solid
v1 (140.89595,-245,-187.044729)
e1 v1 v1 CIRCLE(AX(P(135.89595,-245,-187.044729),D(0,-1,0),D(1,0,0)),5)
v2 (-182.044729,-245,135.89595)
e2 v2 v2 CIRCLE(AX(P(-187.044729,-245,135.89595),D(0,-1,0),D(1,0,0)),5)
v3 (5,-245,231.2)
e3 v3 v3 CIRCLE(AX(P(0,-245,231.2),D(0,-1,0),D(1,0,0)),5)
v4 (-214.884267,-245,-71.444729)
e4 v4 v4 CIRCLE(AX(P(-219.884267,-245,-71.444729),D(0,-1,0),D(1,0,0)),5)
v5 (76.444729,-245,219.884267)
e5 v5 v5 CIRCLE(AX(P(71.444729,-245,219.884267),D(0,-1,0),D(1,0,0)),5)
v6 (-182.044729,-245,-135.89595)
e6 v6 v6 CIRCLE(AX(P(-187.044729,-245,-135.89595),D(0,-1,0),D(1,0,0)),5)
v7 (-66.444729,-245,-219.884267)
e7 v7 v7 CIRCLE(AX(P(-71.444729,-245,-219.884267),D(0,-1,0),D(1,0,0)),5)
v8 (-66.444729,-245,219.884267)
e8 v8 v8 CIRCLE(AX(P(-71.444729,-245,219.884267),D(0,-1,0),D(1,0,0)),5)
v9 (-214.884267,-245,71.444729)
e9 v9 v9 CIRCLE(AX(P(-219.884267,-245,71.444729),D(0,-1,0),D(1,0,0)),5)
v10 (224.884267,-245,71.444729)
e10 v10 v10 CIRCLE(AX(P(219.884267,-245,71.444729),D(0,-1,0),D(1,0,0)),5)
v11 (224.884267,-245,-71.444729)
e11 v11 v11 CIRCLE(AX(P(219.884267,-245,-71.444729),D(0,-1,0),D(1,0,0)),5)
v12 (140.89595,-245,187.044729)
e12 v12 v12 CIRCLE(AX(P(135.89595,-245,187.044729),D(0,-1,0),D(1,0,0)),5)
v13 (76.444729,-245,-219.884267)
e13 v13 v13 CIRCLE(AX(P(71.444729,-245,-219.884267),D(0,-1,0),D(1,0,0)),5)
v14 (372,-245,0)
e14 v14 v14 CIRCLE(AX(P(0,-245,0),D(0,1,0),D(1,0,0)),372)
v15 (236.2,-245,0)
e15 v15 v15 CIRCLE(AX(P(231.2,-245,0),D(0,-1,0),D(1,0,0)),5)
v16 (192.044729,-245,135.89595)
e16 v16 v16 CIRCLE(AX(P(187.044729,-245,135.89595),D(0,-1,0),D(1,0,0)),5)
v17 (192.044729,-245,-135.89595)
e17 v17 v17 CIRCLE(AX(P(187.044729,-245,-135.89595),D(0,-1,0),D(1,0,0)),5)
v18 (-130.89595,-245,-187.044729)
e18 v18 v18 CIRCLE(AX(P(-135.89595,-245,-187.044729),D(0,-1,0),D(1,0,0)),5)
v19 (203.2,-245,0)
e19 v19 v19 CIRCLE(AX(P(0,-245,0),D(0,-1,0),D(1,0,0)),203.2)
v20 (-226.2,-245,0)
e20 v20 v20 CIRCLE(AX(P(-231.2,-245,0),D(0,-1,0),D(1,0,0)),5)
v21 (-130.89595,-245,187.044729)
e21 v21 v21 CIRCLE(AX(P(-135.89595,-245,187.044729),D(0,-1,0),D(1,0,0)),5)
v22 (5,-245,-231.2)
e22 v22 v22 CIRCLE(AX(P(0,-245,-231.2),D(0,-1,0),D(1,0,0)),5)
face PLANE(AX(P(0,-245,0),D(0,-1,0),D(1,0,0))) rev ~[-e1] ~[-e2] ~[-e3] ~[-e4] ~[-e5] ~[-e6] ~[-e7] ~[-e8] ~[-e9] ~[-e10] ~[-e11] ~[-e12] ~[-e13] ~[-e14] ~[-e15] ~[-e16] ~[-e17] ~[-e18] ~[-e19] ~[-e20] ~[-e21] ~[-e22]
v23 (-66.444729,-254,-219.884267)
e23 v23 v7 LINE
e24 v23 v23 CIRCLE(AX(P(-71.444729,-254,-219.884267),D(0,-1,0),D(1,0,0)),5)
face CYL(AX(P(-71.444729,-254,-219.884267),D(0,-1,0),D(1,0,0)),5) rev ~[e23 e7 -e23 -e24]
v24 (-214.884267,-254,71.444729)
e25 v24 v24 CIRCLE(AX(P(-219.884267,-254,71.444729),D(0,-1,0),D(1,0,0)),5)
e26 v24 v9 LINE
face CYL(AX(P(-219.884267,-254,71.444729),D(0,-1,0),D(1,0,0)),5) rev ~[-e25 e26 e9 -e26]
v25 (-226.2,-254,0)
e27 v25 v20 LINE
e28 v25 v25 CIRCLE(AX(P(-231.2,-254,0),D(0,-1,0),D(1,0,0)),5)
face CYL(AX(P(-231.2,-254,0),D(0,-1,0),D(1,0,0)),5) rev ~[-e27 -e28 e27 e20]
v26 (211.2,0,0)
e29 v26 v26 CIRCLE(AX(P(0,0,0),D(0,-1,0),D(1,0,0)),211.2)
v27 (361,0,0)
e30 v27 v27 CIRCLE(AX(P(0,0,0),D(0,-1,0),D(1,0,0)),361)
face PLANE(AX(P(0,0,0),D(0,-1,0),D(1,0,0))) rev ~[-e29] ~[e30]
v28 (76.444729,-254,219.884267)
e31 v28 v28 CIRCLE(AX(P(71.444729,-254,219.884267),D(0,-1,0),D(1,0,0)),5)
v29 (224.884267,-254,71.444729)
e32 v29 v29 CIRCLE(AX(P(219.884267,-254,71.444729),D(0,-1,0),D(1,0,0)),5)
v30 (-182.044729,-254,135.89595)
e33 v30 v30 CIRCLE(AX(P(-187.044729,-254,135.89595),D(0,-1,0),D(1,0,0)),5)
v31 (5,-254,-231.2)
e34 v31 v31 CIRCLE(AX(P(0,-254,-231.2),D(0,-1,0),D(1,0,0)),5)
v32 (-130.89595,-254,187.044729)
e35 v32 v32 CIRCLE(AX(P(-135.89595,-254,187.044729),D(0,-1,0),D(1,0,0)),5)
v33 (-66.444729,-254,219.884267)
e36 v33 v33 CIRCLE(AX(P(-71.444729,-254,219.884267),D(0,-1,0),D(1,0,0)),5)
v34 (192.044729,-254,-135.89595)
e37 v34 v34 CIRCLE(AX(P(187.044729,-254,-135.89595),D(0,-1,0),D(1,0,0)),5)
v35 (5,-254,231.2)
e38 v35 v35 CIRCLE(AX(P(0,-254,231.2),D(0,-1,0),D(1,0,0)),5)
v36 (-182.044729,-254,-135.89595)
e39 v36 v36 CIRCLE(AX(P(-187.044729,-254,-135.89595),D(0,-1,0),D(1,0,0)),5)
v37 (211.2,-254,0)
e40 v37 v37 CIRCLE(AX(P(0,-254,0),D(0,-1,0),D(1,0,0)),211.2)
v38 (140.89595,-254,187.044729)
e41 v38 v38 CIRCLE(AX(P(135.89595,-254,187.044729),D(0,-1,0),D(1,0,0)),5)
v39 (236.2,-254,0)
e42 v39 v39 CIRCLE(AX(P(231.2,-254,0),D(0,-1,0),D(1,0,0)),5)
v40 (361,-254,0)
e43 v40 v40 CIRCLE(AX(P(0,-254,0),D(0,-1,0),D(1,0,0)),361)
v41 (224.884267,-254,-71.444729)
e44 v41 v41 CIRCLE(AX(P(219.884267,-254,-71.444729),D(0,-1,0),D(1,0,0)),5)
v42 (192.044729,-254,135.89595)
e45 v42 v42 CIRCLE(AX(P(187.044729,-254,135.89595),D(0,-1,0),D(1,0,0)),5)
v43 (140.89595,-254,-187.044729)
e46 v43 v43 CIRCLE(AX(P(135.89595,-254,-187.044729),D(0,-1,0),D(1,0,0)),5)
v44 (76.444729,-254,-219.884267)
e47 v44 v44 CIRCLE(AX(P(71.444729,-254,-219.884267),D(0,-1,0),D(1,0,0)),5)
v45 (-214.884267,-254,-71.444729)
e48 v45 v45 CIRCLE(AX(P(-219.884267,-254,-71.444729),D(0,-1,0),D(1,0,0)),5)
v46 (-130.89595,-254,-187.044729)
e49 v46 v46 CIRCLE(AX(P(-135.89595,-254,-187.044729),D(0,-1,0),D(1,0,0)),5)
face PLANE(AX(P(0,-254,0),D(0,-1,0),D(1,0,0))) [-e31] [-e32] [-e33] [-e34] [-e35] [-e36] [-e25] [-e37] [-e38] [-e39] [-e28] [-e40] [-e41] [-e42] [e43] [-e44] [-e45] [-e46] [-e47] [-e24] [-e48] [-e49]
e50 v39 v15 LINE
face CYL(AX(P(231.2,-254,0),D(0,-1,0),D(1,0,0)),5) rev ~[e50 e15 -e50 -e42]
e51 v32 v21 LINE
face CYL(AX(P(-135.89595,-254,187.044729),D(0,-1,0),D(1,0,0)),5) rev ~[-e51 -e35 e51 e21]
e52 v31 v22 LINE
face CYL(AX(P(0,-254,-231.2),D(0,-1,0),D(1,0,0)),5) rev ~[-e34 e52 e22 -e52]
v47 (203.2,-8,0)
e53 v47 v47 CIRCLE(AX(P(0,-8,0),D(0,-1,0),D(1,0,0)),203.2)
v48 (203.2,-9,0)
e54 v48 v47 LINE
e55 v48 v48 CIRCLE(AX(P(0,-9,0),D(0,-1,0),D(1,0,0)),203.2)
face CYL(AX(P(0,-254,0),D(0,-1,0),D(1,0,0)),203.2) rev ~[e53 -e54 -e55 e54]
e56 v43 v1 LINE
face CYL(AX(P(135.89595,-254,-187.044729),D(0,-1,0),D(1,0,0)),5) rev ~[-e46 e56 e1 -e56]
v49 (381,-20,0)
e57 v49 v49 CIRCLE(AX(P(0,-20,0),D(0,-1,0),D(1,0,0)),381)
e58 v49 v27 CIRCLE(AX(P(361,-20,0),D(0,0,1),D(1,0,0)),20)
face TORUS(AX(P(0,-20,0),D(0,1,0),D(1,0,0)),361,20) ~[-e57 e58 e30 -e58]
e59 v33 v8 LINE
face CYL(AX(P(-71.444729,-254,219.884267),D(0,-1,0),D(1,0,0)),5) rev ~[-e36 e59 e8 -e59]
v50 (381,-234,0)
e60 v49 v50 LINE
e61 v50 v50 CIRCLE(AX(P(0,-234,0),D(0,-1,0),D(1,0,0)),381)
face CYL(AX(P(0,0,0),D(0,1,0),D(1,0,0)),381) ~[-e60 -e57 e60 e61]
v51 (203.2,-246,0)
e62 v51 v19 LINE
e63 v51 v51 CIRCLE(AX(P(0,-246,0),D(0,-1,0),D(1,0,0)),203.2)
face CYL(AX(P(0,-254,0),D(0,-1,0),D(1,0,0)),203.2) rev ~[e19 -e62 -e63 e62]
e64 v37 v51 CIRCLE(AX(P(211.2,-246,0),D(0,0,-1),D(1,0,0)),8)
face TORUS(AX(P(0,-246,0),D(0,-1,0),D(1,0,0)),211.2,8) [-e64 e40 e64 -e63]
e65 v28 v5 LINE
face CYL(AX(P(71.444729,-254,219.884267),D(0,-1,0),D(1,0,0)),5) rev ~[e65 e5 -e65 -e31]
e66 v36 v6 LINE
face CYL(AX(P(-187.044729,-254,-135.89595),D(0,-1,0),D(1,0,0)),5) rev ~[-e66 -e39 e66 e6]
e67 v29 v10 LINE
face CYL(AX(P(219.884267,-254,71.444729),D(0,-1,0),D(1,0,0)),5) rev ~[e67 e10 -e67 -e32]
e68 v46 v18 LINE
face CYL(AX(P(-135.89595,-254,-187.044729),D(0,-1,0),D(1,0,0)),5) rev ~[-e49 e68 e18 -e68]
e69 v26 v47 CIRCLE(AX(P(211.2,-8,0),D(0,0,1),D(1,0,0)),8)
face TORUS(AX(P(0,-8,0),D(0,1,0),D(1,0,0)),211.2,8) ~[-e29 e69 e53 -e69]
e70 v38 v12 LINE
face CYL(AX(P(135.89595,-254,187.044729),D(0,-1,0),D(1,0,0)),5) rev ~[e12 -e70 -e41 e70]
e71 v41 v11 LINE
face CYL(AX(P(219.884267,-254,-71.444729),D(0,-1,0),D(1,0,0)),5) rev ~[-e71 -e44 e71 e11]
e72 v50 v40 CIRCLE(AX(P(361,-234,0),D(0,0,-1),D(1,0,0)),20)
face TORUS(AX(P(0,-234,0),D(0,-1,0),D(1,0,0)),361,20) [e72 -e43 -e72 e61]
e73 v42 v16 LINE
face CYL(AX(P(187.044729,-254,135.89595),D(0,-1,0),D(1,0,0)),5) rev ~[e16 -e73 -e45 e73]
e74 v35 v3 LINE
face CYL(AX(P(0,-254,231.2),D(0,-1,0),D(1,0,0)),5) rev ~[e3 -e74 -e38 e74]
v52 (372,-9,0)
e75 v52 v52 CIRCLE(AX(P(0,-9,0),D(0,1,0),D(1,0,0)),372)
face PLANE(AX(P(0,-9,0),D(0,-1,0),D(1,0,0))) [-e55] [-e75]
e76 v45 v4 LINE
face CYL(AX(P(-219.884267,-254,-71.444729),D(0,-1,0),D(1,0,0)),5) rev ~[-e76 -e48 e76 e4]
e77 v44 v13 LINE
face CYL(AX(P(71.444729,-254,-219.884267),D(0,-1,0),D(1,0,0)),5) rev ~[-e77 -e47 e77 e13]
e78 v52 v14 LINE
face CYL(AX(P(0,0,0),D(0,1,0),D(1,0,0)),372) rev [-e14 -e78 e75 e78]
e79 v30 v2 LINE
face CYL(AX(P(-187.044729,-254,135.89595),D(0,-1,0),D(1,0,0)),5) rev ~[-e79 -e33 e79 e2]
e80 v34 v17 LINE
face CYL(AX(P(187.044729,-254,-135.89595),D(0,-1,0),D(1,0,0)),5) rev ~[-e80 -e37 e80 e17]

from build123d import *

# Parameters (mm, degrees)
F0_R     = 381
F1_DEPTH = 254
F2_R     = 203.2
F3_DEPTH = 271.78
F4_T     = -9
F5_R     = 20
F6_R     = 8
F7_R     = 5
F8_DEPTH = 9


with BuildPart() as f1:
    # F0 (on Front) → F1 (new body)
    with BuildSketch(Plane.XZ):
        Circle(F0_R)
    extrude(amount=F1_DEPTH)

    # F2 (on face) → F3 (cut)
    with BuildSketch(Plane.XZ.offset(254)):
        Circle(F2_R)
    extrude(amount=-F3_DEPTH, mode=Mode.SUBTRACT)

    # F4
    f4_openings = [f1.faces().sort_by_distance(p)[0] for p in [
        (-203.2, -127, 0),
    ]]
    offset(amount=F4_T, openings=f4_openings)

    # F5
    f5_edges = [f1.edges().sort_by_distance(p)[0] for p in [
        (-381, -254, 0),
        (-381, 0, 0),
    ]]
    fillet(f5_edges, radius=F5_R)

    # F6
    f6_edges = [f1.edges().sort_by_distance(p)[0] for p in [
        (-203.2, -254, 0),
        (-203.2, 0, 0),
    ]]
    fillet(f6_edges, radius=F6_R)

    # F7 (on face) → F8 (cut, through all)
    with BuildSketch(Plane.XZ.offset(254)):
        with Locations((0, 231.2)):
            Circle(F7_R)
        with Locations((-71.444729, 219.884267)):
            Circle(F7_R)
        with Locations((-135.89595, 187.044729)):
            Circle(F7_R)
        with Locations((-187.044729, 135.89595)):
            Circle(F7_R)
        with Locations((-219.884267, 71.444729)):
            Circle(F7_R)
        with Locations((-231.2, 0)):
            Circle(F7_R)
        with Locations((-219.884267, -71.444729)):
            Circle(F7_R)
        with Locations((-187.044729, -135.89595)):
            Circle(F7_R)
        with Locations((-135.89595, -187.044729)):
            Circle(F7_R)
        with Locations((-71.444729, -219.884267)):
            Circle(F7_R)
        with Locations((0, -231.2)):
            Circle(F7_R)
        with Locations((71.444729, -219.884267)):
            Circle(F7_R)
        with Locations((135.89595, -187.044729)):
            Circle(F7_R)
        with Locations((187.044729, -135.89595)):
            Circle(F7_R)
        with Locations((219.884267, -71.444729)):
            Circle(F7_R)
        with Locations((231.2, 0)):
            Circle(F7_R)
        with Locations((219.884267, 71.444729)):
            Circle(F7_R)
        with Locations((187.044729, 135.89595)):
            Circle(F7_R)
        with Locations((135.89595, 187.044729)):
            Circle(F7_R)
        with Locations((71.444729, 219.884267)):
            Circle(F7_R)
    extrude(amount=-F8_DEPTH, mode=Mode.SUBTRACT)


solid = f1.part
